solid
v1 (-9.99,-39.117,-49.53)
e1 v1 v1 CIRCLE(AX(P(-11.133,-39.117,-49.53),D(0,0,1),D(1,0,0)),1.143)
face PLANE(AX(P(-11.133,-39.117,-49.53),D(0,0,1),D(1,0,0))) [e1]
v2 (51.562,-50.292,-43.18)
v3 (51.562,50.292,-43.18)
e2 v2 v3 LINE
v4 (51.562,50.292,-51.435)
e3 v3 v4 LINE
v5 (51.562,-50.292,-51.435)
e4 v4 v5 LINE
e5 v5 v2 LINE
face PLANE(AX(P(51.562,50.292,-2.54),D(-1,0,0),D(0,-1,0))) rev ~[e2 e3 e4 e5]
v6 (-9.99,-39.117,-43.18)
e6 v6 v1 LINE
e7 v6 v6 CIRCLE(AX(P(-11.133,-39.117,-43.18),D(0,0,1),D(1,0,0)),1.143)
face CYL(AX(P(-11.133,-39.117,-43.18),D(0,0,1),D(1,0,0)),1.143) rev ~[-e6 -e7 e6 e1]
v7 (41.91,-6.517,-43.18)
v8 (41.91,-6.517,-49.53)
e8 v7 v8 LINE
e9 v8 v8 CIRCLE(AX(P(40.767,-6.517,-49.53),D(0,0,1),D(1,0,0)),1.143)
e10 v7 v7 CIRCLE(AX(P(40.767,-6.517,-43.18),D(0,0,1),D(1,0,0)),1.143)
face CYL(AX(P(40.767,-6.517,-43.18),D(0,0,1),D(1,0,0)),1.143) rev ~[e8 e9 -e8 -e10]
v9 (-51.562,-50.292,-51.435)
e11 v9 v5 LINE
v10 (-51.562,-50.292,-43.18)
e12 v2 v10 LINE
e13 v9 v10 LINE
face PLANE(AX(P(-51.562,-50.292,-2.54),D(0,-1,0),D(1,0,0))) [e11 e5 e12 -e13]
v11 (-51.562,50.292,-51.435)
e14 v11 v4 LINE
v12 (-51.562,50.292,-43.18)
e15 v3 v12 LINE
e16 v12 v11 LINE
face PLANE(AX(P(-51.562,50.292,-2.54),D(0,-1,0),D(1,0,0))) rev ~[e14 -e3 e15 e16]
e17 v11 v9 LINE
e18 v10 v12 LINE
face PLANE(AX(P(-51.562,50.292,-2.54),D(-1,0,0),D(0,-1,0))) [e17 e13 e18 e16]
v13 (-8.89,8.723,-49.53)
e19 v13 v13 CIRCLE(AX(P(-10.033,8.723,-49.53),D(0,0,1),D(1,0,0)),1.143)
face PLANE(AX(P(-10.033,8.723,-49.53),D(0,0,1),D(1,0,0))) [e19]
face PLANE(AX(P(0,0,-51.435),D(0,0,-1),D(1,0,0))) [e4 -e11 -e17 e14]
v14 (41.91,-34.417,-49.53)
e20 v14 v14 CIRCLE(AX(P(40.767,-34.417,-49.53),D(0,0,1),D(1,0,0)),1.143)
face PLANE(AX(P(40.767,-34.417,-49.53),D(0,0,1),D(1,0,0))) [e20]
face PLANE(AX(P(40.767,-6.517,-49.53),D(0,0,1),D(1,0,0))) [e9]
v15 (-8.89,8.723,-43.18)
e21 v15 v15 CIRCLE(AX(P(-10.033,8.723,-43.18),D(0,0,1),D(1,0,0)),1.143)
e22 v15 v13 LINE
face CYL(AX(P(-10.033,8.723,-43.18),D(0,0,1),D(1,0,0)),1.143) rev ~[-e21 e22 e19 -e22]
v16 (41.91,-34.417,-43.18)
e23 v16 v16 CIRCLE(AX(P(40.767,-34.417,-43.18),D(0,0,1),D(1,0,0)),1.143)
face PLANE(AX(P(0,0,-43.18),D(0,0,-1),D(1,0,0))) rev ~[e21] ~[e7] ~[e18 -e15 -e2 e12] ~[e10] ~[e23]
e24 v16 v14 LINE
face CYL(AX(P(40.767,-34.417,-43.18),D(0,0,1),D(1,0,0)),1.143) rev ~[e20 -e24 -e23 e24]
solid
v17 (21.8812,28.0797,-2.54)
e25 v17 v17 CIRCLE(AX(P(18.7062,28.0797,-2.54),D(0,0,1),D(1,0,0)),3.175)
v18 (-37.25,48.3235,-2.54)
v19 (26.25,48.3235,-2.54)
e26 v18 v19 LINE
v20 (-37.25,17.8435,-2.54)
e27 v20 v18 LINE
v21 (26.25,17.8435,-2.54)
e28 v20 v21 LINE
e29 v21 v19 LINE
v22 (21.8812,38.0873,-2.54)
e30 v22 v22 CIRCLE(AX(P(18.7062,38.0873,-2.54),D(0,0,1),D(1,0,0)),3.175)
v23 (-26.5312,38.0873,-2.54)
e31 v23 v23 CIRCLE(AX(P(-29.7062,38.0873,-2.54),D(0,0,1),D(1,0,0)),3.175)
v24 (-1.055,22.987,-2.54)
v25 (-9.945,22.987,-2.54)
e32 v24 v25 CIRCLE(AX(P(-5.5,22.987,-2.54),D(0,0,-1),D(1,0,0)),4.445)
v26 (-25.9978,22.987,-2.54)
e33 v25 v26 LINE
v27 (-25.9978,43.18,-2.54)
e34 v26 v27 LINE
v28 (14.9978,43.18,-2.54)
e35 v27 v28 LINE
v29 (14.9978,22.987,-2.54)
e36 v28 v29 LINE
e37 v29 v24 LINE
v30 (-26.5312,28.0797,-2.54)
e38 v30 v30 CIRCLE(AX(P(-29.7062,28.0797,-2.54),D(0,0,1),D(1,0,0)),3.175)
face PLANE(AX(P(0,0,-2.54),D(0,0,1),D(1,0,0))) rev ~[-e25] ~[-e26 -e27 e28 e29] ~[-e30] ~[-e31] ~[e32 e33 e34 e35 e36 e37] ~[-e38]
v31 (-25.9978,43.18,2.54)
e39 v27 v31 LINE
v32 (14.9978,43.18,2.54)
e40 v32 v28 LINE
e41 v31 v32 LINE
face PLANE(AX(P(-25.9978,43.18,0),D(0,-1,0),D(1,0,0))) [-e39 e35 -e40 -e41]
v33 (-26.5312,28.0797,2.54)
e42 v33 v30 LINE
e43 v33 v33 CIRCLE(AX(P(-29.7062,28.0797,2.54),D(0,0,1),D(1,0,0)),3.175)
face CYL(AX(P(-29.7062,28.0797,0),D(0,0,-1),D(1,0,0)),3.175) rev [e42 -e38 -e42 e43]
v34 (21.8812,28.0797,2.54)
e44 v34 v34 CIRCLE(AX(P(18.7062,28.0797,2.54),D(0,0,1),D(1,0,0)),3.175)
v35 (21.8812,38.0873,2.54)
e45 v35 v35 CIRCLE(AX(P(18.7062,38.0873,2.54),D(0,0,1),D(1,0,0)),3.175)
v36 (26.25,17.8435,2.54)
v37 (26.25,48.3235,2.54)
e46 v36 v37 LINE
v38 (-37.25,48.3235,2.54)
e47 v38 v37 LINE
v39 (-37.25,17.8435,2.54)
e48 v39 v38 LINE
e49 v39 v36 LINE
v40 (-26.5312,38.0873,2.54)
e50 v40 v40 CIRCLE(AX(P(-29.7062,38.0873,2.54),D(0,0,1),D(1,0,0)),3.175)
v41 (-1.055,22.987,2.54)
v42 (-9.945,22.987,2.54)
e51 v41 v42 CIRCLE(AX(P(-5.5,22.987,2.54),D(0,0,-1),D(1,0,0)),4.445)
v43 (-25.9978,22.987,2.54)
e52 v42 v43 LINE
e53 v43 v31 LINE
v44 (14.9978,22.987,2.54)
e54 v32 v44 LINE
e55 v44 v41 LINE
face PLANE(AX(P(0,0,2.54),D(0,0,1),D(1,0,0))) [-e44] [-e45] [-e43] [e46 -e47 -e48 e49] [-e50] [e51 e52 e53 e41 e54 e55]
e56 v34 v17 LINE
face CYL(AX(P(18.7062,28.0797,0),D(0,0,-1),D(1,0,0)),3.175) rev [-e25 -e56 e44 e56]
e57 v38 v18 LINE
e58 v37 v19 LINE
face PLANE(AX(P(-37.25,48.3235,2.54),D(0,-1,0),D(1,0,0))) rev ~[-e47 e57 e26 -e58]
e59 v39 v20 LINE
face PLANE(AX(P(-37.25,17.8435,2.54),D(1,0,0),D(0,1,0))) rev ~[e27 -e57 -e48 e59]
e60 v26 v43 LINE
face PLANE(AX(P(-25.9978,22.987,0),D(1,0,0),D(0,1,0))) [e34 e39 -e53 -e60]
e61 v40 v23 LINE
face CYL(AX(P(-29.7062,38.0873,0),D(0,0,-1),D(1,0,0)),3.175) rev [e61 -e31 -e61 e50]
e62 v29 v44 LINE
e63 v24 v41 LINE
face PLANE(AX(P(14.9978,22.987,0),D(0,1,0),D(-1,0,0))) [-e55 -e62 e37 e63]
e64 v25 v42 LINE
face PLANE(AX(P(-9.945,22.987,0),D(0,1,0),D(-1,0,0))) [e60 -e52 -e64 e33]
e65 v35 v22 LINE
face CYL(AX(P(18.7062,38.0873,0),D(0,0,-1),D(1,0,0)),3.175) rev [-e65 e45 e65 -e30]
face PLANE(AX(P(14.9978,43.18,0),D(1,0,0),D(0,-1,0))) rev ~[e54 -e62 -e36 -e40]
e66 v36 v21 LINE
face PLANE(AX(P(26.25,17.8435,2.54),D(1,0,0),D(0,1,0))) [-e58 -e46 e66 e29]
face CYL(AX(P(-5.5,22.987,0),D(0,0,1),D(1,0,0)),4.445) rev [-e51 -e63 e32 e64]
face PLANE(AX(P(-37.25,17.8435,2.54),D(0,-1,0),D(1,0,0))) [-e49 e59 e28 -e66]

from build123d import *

# Parameters (mm, degrees)
F0_R      = 3.175
F1_DEPTH  = 2.54
F2_W      = 114.3
F2_H      = 114.3
F2_W_2    = 104.14
F2_H_2    = 101.6
F3_DEPTH  = 3.175
F4_W      = 103.124
F4_H      = 100.584
F4_W_2    = 92.964
F4_H_2    = 90.424
F5_DEPTH  = 48.895
F6_W      = 103.124
F6_H      = 100.584
F7_DEPTH  = 8.255
F8_R      = 1.143
F9_DEPTH  = 6.35
F10_R     = 6.35
F11_R     = 1.143
F12_DEPTH = 12.7
F13_R     = 1.651
F14_DEPTH = 53.976
F15_W     = 114.3
F15_H     = 114.3
F15_W_2   = 63.5
F15_H_2   = 30.48
F16_DEPTH = 45.72
F17_W     = 63.5
F17_H     = 3.1115
F18_DEPTH = 45.721


with BuildPart() as f1:
    # F0 (on Top) → F1 (new body, symmetric)
    with BuildSketch(Plane.XY):
        Polygon((57.15, -57.15), (57.15, 57.15), (0, 57.15), (-5.5, 57.15), (-57.15, 57.15), (-57.15, -57.15), align=None)
        with Locations((-29.7062, 28.0797)):
            Circle(F0_R, mode=Mode.SUBTRACT)
        with Locations((-29.7062, 38.0873)):
            Circle(F0_R, mode=Mode.SUBTRACT)
        with BuildLine():
            Line((-25.9978, 22.987), (-25.9978, 43.18))
            Line((-25.9978, 43.18), (14.9978, 43.18))
            Line((14.9978, 43.18), (14.9978, 22.987))
            Line((14.9978, 22.987), (-1.055, 22.987))
            ThreePointArc((-1.055, 22.987), (-5.5, 18.542), (-9.945, 22.987))
            Line((-9.945, 22.987), (-25.9978, 22.987))
        make_face(mode=Mode.SUBTRACT)
        with Locations((18.7062, 28.0797)):
            Circle(F0_R, mode=Mode.SUBTRACT)
        with Locations((18.7062, 38.0873)):
            Circle(F0_R, mode=Mode.SUBTRACT)
    extrude(amount=F1_DEPTH, both=True)

    # F2 (on face) → F3 (join)
    with BuildSketch(Plane(origin=(0, 0, -2.54), x_dir=(1, 0, 0), z_dir=(0, 0, -1))):
        Rectangle(F2_W, F2_H)
        Rectangle(F2_W_2, F2_H_2, mode=Mode.SUBTRACT)
    extrude(amount=F3_DEPTH)

    # F13 (on face) → F14 (cut, through all)
    with BuildSketch(Plane.XY.offset(2.54)):
        with Locations((-48.006, -46.736)):
            Circle(F13_R)
        with Locations((-48.006, 46.736)):
            Circle(F13_R)
        with Locations((48.006, 46.736)):
            Circle(F13_R)
        with Locations((48.006, -46.736)):
            Circle(F13_R)
    extrude(amount=-F14_DEPTH, mode=Mode.SUBTRACT)


with BuildPart() as f5:
    # F4 (on face) → F5 (new body)
    with BuildSketch(Plane(origin=(0, 0, -2.54), x_dir=(1, 0, 0), z_dir=(0, 0, -1))):
        Rectangle(F4_W, F4_H)
        Rectangle(F4_W_2, F4_H_2, mode=Mode.SUBTRACT)
    extrude(amount=F5_DEPTH)

    # F6 (on face) → F7 (join)
    with BuildSketch(Plane(origin=(0, 0, -51.435), x_dir=(1, 0, 0), z_dir=(0, 0, -1))):
        Rectangle(F6_W, F6_H)
    extrude(amount=-F7_DEPTH)

    # F8 (on face) → F9 (cut)
    with BuildSketch(Plane.XY.offset(-43.18)):
        with Locations((-10.033, 8.723)):
            Circle(F8_R)
        with Locations((40.767, -6.517)):
            Circle(F8_R)
        with Locations((40.767, -34.417)):
            Circle(F8_R)
        with Locations((-11.133, -39.117)):
            Circle(F8_R)
    extrude(amount=-F9_DEPTH, mode=Mode.SUBTRACT)

    # F10
    f10_edges = [f5.edges().sort_by_distance(p)[0] for p in [
        (-46.482, 45.212, -22.86),
        (46.482, 45.212, -22.86),
        (46.482, -45.212, -22.86),
        (-46.482, -45.212, -22.86),
    ]]
    fillet(f10_edges, radius=F10_R)

    # F11 (on face) → F12 (cut)
    with BuildSketch(Plane.XY.offset(-2.54)):
        with Locations((-48.006, 46.736)):
            Circle(F11_R)
        with Locations((48.006, 46.736)):
            Circle(F11_R)
        with Locations((48.006, -46.736)):
            Circle(F11_R)
        with Locations((-48.006, -46.736)):
            Circle(F11_R)
    extrude(amount=-F12_DEPTH, mode=Mode.SUBTRACT)


with BuildPart() as f16_tool:
    # F15 (on face) → F16 (new body, through all)
    with BuildSketch(Plane.XY.offset(2.54)):
        Rectangle(F15_W, F15_H)
        with Locations((-5.5, 33.0835)):
            Rectangle(F15_W_2, F15_H_2, mode=Mode.SUBTRACT)
    extrude(amount=-F16_DEPTH)


with BuildPart() as f1_1:
    add(f1.part)

    # F16: cut by f16_tool
    add(f16_tool.part, mode=Mode.SUBTRACT)


with BuildPart() as f5_1:
    add(f5.part)

    # F16: cut by f16_tool
    add(f16_tool.part, mode=Mode.SUBTRACT)

    # F17 (on face) → F18 (cut, through all)
    with BuildSketch(Plane.XY.offset(-43.18)):
        with Locations((-5.5, 46.76775)):
            Rectangle(F17_W, F17_H)
    extrude(amount=F18_DEPTH, mode=Mode.SUBTRACT)


solid = Compound([f1_1.part, f5_1.part])
